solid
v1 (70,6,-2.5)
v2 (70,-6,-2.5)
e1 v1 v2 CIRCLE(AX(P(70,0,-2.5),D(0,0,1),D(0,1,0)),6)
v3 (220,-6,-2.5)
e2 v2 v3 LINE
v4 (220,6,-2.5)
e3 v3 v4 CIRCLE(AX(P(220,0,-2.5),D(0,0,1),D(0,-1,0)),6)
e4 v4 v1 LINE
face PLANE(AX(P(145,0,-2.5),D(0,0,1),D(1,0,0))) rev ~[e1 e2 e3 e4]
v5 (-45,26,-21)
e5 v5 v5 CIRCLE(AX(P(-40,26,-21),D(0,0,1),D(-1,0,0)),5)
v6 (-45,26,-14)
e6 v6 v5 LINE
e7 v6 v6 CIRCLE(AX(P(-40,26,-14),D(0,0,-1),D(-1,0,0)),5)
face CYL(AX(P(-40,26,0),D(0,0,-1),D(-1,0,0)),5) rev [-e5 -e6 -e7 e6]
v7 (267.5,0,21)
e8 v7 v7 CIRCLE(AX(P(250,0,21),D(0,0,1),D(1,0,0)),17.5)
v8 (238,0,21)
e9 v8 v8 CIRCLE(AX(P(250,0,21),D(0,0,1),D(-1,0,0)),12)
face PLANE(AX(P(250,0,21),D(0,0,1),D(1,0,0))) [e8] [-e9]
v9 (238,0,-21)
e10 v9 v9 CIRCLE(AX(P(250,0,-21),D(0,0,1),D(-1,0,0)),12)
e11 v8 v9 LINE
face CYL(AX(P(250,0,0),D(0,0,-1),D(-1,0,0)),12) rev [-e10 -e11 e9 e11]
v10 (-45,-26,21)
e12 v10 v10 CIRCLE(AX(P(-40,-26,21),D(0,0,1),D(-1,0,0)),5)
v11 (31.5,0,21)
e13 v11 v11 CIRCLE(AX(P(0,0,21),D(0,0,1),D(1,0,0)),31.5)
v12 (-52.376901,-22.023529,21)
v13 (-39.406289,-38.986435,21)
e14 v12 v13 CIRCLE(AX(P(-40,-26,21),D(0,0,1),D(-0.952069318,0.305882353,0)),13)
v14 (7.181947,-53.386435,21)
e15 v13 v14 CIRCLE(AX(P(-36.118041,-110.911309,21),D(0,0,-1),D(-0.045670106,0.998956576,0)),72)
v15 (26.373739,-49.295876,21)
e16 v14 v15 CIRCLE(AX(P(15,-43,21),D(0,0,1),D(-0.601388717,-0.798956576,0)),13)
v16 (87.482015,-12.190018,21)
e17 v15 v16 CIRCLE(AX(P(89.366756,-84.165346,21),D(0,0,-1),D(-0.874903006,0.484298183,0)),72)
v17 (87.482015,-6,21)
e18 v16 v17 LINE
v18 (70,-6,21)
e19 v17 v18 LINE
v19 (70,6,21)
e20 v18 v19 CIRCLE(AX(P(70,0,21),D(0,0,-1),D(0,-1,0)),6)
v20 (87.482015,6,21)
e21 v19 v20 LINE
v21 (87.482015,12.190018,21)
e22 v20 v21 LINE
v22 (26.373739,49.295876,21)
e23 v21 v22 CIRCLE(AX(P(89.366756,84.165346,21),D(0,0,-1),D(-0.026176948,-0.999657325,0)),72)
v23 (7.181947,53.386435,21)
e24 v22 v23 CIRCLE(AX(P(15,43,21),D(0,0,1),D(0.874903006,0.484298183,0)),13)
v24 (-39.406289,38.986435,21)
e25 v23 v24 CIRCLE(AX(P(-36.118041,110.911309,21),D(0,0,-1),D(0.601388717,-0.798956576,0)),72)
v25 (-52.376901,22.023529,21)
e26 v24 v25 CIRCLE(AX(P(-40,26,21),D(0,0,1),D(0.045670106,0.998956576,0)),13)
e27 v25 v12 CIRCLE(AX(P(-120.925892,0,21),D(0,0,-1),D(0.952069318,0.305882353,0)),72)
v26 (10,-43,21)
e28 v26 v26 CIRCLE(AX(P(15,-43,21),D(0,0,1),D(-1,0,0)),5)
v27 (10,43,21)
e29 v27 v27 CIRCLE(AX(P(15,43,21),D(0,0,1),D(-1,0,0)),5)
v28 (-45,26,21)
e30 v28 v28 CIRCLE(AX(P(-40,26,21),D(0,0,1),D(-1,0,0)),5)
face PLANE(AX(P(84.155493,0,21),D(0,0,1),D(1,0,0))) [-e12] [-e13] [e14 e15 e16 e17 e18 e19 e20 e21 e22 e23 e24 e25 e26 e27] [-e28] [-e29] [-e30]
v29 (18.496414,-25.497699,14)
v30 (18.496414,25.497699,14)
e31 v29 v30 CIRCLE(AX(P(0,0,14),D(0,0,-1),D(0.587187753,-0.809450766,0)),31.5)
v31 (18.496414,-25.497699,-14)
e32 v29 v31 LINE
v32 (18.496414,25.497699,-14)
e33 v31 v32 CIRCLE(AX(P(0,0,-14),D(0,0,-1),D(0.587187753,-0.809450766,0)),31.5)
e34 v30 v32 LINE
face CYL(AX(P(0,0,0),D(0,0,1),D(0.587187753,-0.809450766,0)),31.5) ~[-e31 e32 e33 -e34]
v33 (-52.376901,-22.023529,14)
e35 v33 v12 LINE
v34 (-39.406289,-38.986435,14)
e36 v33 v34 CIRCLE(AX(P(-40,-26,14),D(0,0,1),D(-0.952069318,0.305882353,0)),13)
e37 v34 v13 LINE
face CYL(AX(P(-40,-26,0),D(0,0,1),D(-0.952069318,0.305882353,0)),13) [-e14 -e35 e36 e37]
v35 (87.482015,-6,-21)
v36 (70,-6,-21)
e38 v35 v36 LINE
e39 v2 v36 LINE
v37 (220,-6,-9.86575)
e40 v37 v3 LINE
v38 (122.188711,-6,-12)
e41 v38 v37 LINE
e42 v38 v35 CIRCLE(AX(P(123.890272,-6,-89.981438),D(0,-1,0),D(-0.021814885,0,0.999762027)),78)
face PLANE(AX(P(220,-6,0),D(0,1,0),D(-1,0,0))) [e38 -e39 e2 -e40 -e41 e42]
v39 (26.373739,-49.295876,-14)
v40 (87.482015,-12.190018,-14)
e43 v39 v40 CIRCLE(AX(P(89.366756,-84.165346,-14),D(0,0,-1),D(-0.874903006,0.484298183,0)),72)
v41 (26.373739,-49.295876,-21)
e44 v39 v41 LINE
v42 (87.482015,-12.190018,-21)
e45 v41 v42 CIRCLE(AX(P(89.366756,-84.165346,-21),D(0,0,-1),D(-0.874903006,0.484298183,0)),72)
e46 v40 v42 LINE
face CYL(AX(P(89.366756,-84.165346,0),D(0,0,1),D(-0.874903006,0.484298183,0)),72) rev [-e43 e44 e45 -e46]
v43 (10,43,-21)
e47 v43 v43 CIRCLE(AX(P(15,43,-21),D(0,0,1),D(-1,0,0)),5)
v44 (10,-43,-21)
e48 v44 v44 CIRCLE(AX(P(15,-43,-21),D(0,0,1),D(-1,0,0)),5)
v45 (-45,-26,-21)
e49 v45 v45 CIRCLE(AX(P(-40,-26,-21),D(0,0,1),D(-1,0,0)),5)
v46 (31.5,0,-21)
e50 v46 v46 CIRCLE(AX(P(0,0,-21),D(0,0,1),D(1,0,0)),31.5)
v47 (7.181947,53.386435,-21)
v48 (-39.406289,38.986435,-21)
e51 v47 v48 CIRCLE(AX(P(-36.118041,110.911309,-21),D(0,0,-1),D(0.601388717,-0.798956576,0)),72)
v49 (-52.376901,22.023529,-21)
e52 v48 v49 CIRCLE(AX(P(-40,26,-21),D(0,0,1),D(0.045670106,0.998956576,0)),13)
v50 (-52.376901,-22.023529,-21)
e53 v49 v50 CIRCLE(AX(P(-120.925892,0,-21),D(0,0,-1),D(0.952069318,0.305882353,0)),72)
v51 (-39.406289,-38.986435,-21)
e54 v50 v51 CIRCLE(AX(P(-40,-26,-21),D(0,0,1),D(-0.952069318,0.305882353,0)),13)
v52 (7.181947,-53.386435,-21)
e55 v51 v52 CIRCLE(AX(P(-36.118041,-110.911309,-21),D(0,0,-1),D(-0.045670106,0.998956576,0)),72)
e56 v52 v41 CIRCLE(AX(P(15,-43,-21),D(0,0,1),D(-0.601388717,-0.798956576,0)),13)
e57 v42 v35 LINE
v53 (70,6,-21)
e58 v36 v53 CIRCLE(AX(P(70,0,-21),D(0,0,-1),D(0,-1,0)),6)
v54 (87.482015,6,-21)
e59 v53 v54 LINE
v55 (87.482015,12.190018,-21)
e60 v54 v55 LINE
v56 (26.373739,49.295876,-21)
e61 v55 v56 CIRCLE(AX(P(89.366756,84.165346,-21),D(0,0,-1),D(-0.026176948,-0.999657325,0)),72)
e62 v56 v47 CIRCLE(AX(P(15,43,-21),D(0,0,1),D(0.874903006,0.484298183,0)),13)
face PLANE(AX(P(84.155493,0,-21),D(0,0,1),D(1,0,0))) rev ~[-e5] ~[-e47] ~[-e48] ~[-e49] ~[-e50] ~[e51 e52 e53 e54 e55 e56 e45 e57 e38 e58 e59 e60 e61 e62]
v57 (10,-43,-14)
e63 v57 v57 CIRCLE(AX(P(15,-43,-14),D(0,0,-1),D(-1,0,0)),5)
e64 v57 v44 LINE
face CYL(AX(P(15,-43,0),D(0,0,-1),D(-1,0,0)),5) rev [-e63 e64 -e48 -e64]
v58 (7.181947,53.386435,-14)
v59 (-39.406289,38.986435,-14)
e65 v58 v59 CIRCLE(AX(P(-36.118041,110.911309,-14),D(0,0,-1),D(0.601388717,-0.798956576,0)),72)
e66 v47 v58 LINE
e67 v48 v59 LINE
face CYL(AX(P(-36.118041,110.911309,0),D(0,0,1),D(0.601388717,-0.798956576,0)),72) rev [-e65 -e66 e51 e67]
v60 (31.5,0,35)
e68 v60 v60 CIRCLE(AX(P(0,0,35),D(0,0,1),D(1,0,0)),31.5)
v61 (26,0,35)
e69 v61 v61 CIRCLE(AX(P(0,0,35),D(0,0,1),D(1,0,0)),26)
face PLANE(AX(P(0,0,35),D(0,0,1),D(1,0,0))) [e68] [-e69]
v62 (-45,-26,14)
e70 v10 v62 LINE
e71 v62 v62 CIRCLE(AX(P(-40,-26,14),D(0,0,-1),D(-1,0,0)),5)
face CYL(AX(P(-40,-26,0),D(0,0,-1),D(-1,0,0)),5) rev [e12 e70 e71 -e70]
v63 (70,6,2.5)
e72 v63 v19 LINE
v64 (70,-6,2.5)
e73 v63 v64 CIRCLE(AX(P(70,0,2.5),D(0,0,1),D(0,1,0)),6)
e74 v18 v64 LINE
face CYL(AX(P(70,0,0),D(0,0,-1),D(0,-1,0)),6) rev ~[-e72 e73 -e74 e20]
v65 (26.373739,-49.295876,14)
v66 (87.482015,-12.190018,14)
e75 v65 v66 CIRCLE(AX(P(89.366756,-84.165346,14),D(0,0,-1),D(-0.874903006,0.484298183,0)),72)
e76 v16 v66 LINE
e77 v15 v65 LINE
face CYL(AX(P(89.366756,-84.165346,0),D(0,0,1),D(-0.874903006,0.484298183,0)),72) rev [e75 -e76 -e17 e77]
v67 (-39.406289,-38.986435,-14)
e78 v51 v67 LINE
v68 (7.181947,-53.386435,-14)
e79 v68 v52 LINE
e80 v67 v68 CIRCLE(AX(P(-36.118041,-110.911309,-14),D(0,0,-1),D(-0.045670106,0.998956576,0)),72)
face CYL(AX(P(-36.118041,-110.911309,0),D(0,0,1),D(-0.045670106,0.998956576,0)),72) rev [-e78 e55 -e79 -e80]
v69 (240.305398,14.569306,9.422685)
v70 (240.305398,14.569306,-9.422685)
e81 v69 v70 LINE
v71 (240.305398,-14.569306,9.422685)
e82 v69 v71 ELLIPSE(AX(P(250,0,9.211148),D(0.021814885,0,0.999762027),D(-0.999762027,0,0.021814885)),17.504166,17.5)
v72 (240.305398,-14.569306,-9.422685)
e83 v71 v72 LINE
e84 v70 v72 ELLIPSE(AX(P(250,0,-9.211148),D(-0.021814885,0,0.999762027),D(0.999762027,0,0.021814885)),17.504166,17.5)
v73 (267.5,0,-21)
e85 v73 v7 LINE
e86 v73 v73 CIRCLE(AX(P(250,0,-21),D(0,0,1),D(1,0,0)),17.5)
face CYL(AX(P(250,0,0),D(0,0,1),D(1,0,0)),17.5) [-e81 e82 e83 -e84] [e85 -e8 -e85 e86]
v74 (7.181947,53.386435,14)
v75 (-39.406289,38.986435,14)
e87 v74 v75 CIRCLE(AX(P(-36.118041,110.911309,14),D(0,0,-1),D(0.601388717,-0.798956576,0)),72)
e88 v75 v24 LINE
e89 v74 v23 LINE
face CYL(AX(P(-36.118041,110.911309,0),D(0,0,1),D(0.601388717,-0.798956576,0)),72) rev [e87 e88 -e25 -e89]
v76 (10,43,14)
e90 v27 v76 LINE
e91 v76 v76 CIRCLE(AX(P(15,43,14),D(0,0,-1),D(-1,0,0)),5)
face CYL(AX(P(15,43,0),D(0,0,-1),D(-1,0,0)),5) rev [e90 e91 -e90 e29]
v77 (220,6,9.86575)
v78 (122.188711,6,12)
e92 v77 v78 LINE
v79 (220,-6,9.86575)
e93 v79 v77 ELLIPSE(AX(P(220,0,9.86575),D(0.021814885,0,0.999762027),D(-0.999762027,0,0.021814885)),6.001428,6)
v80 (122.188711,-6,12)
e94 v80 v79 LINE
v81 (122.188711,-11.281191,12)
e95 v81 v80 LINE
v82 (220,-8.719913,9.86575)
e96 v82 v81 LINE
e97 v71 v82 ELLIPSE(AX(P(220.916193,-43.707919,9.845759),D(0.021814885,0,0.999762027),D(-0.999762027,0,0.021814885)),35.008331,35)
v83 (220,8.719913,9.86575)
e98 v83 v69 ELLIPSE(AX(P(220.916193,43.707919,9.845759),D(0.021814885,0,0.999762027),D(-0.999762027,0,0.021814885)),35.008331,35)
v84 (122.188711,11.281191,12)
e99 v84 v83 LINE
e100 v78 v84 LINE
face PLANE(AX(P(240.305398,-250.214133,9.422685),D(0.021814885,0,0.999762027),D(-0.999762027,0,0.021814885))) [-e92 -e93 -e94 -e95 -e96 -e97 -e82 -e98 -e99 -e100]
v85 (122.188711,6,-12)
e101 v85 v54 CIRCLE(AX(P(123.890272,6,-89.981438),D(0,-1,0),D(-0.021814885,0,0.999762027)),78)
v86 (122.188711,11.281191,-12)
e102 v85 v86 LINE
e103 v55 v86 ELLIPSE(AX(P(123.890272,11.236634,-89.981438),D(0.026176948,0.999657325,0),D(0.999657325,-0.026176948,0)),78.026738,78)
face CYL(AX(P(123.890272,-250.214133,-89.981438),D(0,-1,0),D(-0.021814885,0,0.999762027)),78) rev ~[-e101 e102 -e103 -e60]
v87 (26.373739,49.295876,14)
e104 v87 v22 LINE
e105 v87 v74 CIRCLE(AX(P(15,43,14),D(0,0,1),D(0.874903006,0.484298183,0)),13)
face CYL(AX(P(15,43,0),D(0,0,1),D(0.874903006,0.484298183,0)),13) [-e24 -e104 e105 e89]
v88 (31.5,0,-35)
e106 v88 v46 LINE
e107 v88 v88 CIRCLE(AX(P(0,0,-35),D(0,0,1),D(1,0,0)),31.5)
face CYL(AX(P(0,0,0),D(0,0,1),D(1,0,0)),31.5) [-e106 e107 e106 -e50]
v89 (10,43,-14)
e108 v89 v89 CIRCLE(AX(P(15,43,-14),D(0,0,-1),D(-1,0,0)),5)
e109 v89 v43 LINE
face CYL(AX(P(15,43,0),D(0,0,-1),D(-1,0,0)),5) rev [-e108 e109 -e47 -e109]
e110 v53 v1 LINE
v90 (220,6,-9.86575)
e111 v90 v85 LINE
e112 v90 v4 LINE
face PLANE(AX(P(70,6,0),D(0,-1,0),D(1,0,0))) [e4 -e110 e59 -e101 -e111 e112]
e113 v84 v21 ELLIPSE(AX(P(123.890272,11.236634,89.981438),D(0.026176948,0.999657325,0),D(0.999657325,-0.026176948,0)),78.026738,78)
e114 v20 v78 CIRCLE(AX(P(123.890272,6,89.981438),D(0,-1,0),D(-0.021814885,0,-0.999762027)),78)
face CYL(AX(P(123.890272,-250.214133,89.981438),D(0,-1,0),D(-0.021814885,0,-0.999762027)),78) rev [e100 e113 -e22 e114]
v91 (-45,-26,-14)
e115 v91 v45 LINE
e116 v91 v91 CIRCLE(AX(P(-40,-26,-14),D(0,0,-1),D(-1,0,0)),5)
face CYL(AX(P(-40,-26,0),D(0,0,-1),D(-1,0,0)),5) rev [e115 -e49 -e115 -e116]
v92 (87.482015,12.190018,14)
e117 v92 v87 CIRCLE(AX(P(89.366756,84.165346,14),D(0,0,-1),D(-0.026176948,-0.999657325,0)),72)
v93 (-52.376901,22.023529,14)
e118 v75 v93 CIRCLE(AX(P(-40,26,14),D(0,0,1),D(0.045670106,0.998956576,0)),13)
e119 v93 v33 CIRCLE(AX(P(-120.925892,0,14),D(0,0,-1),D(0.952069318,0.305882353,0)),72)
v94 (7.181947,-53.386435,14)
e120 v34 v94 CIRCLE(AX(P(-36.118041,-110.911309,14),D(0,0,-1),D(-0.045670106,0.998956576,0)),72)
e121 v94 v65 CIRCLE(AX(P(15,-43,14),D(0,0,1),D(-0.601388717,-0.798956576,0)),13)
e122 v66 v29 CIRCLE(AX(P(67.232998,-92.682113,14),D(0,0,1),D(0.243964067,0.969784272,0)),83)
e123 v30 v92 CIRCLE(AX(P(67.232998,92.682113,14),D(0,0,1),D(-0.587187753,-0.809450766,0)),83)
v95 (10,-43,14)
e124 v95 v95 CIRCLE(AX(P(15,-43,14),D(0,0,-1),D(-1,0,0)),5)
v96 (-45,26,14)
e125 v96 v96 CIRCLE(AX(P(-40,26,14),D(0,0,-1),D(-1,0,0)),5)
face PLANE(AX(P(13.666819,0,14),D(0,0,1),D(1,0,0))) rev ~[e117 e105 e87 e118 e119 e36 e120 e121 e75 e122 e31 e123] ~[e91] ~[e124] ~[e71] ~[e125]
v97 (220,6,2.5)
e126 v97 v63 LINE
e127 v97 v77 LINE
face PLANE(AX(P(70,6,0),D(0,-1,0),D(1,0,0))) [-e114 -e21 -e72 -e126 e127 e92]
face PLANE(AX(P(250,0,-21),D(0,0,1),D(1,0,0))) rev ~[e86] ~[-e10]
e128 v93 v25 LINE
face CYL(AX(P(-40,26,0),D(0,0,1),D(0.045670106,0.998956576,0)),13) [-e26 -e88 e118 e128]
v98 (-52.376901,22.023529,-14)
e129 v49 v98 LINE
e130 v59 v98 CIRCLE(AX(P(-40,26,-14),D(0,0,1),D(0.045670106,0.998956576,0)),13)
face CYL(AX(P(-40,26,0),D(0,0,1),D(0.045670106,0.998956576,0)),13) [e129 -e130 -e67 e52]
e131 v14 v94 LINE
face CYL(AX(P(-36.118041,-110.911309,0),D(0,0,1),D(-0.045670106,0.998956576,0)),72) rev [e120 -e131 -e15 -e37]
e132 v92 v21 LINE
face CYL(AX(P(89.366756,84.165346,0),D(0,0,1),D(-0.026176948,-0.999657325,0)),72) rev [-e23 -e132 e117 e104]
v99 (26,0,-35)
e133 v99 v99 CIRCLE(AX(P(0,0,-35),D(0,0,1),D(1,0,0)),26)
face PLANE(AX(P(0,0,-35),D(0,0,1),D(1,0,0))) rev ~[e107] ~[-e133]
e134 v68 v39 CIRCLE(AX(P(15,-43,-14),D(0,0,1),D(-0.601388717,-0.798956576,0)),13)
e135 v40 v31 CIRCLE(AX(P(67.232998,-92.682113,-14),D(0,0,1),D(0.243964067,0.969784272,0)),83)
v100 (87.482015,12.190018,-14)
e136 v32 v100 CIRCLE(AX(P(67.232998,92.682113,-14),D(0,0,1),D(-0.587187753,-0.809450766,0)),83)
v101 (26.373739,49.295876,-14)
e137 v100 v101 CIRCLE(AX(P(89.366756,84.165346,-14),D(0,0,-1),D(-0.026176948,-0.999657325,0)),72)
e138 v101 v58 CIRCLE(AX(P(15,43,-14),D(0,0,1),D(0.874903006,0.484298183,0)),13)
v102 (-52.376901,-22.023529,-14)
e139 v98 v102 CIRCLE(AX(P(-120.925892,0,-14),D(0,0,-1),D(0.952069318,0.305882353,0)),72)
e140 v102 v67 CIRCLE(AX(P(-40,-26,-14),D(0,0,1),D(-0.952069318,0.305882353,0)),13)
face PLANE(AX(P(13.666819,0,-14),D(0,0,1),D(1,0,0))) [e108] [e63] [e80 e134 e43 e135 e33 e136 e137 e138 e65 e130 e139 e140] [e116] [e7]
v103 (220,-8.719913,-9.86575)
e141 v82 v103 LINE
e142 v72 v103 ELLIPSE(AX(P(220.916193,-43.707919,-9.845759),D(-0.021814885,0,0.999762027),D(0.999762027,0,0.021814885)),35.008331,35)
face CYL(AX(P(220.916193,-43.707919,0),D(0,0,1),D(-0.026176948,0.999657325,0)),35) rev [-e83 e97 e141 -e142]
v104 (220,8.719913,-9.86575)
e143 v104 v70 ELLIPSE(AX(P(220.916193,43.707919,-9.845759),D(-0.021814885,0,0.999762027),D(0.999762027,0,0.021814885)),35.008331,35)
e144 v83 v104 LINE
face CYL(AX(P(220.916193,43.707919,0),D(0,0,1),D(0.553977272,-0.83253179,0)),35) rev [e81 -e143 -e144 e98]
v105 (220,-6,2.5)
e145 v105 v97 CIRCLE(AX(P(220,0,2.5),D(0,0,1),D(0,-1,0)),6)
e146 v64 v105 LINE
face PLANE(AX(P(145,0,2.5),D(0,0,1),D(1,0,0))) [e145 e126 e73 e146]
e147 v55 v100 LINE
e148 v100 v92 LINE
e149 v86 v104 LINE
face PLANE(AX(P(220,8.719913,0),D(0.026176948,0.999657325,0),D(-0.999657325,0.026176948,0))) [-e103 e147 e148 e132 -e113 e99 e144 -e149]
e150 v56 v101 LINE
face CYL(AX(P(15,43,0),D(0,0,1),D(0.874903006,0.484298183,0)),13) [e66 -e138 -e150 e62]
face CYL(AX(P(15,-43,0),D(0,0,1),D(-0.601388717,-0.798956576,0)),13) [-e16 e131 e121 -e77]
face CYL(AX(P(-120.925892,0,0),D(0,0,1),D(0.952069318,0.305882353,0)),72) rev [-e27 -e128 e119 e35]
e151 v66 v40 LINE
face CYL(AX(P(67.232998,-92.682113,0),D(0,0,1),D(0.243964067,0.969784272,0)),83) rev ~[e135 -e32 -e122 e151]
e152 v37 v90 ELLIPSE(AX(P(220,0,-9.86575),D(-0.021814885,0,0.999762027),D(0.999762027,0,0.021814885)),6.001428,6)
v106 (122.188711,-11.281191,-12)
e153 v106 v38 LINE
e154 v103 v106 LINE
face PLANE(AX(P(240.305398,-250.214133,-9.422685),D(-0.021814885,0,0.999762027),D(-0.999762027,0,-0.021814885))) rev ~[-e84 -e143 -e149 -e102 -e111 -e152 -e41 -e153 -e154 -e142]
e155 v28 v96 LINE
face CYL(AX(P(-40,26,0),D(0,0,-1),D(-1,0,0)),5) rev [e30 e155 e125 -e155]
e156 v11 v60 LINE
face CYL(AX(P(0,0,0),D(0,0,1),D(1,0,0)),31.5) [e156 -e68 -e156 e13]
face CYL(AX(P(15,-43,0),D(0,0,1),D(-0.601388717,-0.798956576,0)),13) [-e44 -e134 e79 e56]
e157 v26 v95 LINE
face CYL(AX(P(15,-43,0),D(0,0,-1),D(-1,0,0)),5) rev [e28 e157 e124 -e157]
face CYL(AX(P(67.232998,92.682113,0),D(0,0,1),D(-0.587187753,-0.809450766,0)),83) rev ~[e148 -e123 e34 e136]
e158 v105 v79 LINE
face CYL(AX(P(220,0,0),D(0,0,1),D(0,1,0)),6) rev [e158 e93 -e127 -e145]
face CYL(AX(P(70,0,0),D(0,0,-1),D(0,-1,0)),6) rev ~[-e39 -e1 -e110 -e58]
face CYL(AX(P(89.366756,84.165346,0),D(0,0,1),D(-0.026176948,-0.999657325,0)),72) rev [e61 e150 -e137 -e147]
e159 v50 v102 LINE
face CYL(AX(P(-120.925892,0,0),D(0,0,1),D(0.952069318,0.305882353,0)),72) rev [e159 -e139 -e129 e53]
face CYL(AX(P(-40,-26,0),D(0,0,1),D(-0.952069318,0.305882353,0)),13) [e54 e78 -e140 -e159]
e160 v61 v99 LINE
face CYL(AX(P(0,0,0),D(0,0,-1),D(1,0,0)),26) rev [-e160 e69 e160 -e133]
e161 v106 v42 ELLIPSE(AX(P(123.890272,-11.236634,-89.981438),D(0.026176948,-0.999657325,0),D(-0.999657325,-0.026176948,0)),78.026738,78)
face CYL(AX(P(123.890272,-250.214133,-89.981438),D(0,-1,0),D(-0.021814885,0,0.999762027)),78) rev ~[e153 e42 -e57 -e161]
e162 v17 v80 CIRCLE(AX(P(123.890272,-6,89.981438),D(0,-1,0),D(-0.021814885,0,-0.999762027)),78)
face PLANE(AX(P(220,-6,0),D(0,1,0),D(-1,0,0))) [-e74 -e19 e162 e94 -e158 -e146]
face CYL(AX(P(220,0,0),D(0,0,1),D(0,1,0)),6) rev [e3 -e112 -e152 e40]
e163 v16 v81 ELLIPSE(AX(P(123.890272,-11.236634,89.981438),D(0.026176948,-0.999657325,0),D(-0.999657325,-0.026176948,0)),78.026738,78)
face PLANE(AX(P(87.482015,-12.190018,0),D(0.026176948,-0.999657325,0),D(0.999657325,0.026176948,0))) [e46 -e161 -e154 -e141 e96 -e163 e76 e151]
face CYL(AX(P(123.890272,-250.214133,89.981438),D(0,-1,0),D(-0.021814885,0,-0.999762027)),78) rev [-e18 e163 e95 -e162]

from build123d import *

# Parameters (mm, degrees)
SKETCH1_R               = 31.5
SKETCH1_R_2             = 26
BOSS_EXTRUDE1_DEPTH     = 35
SKETCH1_3_R             = 5
SKETCH1_3_R_2           = 31.5
BOSS_EXTRUDE2_DEPTH     = 21
BOSS_EXTRUDE3_DEPTH     = 2.5
CUT_EXTRUDE1_DEPTH      = 250.214133183
CUT_EXTRUDE1_DEPTH_BACK = 250.214133183
SKETCH1_5_R             = 17.5
SKETCH1_5_R_2           = 12
BOSS_EXTRUDE4_DEPTH     = 21
CUT_EXTRUDE2_DEPTH      = 14


with BuildPart() as part:
    # Sketch1 → Boss-Extrude1 (new, symmetric)
    with BuildSketch(Plane.XY):
        Circle(SKETCH1_R)
        Circle(SKETCH1_R_2, mode=Mode.SUBTRACT)
    extrude(amount=BOSS_EXTRUDE1_DEPTH, both=True)

    # Sketch1_3 → Boss-Extrude2 (add, symmetric)
    with BuildSketch(Plane.XY):
        with BuildLine():
            Line((220, 8.719912605), (87.482015231, 12.190018161))
            ThreePointArc((87.482015231, 12.190018161), (51.997088566, 22.622612499), (26.373739078, 49.29587638))
            ThreePointArc((26.373739078, 49.29587638), (17.709961948, 55.714405462), (7.181946677, 53.386435492))
            ThreePointArc((7.181946677, 53.386435492), (-14.855989459, 42.122318837), (-39.406288617, 38.986435492))
            ThreePointArc((-39.406288617, 38.986435492), (-50.326951915, 33.896458963), (-52.376901133, 22.023529412))
            ThreePointArc((-52.376901133, 22.023529412), (-48.925892025, 0), (-52.376901133, -22.023529412))
            ThreePointArc((-52.376901133, -22.023529412), (-50.326951915, -33.896458963), (-39.406288617, -38.986435492))
            ThreePointArc((-39.406288617, -38.986435492), (-14.855989459, -42.122318837), (7.181946677, -53.386435492))
            ThreePointArc((7.181946677, -53.386435492), (17.709961948, -55.714405462), (26.373739078, -49.29587638))
            ThreePointArc((26.373739078, -49.29587638), (51.997088566, -22.622612499), (87.482015231, -12.190018161))
            Line((87.482015231, -12.190018161), (220, -8.719912605))
            ThreePointArc((220, -8.719912605), (230.604685788, -10.075596562), (240.30539773, -14.569306326))
            ThreePointArc((240.30539773, -14.569306326), (232.5, 0), (240.30539773, 14.569306326))
            ThreePointArc((240.30539773, 14.569306326), (230.604685788, 10.075596562), (220, 8.719912605))
        make_face()
        with Locations(Location((15, -43, 0), (0, 0, 180))):
            Circle(SKETCH1_3_R, mode=Mode.SUBTRACT)
        with Locations(Location((-40, -26, 0), (0, 0, 180))):
            Circle(SKETCH1_3_R, mode=Mode.SUBTRACT)
        Circle(SKETCH1_3_R_2, mode=Mode.SUBTRACT)
        with Locations(Location((-40, 26, 0), (0, 0, 180))):
            Circle(SKETCH1_3_R, mode=Mode.SUBTRACT)
        with Locations(Location((15, 43, 0), (0, 0, 180))):
            Circle(SKETCH1_3_R, mode=Mode.SUBTRACT)
        with BuildLine():
            ThreePointArc((70, -6), (64, 0), (70, 6))
            Line((70, 6), (220, 6))
            ThreePointArc((220, 6), (226, 0), (220, -6))
            Line((220, -6), (70, -6))
        make_face(mode=Mode.SUBTRACT)
    extrude(amount=BOSS_EXTRUDE2_DEPTH, both=True)

    # Sketch1_4 → Boss-Extrude3 (add, symmetric)
    with BuildSketch(Plane.XY):
        with BuildLine():
            Line((70, -6), (220, -6))
            ThreePointArc((220, -6), (226, 0), (220, 6))
            Line((220, 6), (70, 6))
            ThreePointArc((70, 6), (64, 0), (70, -6))
        make_face()
    extrude(amount=BOSS_EXTRUDE3_DEPTH, both=True)

    # Sketch2 → Cut-Extrude1 (cut, two sides: drawn at the far end of the back side and taken through both)
    with BuildSketch(Plane(origin=(0, 0, 0), x_dir=(1, 0, 0), z_dir=(0, 1, 0)).offset(-CUT_EXTRUDE1_DEPTH_BACK)):
        with BuildLine():
            Line((240.30539773, -9.422684737), (122.188711449, -12))
            ThreePointArc((122.188711449, -12), (104.311213199, -14.478720031), (87.482015231, -21))
            Line((87.482015231, -21), (240.30539773, -21))
            Line((240.30539773, -21), (240.30539773, -9.422684737))
        make_face()
        with BuildLine():
            Line((240.30539773, 9.422684737), (122.188711449, 12))
            ThreePointArc((122.188711449, 12), (104.311213199, 14.478720031), (87.482015231, 21))
            Line((87.482015231, 21), (240.30539773, 21))
            Line((240.30539773, 21), (240.30539773, 9.422684737))
        make_face()
    extrude(amount=CUT_EXTRUDE1_DEPTH + CUT_EXTRUDE1_DEPTH_BACK, mode=Mode.SUBTRACT)

    # Sketch1_5 → Boss-Extrude4 (add, symmetric)
    with BuildSketch(Plane.XY):
        with Locations((250, 0)):
            Circle(SKETCH1_5_R)
        with Locations(Location((250, 0, 0), (0, 0, 180))):
            Circle(SKETCH1_5_R_2, mode=Mode.SUBTRACT)
    extrude(amount=BOSS_EXTRUDE4_DEPTH, both=True)

    # Sketch3 → Cut-Extrude2 (cut, symmetric)
    with BuildSketch(Plane.XY):
        with BuildLine():
            ThreePointArc((18.496414213, 25.497699136), (51.511708097, 11.184621648), (87.482015231, 12.190018161))
            ThreePointArc((87.482015231, 12.190018161), (51.997088566, 22.622612499), (26.373739078, 49.29587638))
            ThreePointArc((26.373739078, 49.29587638), (17.709961948, 55.714405462), (7.181946677, 53.386435492))
            ThreePointArc((7.181946677, 53.386435492), (-14.855989459, 42.122318837), (-39.406288617, 38.986435492))
            ThreePointArc((-39.406288617, 38.986435492), (-50.326951915, 33.896458963), (-52.376901133, 22.023529412))
            ThreePointArc((-52.376901133, 22.023529412), (-48.925892025, 0), (-52.376901133, -22.023529412))
            ThreePointArc((-52.376901133, -22.023529412), (-50.326951915, -33.896458963), (-39.406288617, -38.986435492))
            ThreePointArc((-39.406288617, -38.986435492), (-14.855989459, -42.122318837), (7.181946677, -53.386435492))
            ThreePointArc((7.181946677, -53.386435492), (17.709961948, -55.714405462), (26.373739078, -49.29587638))
            ThreePointArc((26.373739078, -49.29587638), (51.997088566, -22.622612499), (87.482015231, -12.190018161))
            ThreePointArc((87.482015231, -12.190018161), (51.511708097, -11.184621648), (18.496414213, -25.497699136))
            ThreePointArc((18.496414213, -25.497699136), (-31.5, 0), (18.496414213, 25.497699136))
        make_face()
    extrude(amount=CUT_EXTRUDE2_DEPTH, both=True, mode=Mode.SUBTRACT)


solid = part.part
